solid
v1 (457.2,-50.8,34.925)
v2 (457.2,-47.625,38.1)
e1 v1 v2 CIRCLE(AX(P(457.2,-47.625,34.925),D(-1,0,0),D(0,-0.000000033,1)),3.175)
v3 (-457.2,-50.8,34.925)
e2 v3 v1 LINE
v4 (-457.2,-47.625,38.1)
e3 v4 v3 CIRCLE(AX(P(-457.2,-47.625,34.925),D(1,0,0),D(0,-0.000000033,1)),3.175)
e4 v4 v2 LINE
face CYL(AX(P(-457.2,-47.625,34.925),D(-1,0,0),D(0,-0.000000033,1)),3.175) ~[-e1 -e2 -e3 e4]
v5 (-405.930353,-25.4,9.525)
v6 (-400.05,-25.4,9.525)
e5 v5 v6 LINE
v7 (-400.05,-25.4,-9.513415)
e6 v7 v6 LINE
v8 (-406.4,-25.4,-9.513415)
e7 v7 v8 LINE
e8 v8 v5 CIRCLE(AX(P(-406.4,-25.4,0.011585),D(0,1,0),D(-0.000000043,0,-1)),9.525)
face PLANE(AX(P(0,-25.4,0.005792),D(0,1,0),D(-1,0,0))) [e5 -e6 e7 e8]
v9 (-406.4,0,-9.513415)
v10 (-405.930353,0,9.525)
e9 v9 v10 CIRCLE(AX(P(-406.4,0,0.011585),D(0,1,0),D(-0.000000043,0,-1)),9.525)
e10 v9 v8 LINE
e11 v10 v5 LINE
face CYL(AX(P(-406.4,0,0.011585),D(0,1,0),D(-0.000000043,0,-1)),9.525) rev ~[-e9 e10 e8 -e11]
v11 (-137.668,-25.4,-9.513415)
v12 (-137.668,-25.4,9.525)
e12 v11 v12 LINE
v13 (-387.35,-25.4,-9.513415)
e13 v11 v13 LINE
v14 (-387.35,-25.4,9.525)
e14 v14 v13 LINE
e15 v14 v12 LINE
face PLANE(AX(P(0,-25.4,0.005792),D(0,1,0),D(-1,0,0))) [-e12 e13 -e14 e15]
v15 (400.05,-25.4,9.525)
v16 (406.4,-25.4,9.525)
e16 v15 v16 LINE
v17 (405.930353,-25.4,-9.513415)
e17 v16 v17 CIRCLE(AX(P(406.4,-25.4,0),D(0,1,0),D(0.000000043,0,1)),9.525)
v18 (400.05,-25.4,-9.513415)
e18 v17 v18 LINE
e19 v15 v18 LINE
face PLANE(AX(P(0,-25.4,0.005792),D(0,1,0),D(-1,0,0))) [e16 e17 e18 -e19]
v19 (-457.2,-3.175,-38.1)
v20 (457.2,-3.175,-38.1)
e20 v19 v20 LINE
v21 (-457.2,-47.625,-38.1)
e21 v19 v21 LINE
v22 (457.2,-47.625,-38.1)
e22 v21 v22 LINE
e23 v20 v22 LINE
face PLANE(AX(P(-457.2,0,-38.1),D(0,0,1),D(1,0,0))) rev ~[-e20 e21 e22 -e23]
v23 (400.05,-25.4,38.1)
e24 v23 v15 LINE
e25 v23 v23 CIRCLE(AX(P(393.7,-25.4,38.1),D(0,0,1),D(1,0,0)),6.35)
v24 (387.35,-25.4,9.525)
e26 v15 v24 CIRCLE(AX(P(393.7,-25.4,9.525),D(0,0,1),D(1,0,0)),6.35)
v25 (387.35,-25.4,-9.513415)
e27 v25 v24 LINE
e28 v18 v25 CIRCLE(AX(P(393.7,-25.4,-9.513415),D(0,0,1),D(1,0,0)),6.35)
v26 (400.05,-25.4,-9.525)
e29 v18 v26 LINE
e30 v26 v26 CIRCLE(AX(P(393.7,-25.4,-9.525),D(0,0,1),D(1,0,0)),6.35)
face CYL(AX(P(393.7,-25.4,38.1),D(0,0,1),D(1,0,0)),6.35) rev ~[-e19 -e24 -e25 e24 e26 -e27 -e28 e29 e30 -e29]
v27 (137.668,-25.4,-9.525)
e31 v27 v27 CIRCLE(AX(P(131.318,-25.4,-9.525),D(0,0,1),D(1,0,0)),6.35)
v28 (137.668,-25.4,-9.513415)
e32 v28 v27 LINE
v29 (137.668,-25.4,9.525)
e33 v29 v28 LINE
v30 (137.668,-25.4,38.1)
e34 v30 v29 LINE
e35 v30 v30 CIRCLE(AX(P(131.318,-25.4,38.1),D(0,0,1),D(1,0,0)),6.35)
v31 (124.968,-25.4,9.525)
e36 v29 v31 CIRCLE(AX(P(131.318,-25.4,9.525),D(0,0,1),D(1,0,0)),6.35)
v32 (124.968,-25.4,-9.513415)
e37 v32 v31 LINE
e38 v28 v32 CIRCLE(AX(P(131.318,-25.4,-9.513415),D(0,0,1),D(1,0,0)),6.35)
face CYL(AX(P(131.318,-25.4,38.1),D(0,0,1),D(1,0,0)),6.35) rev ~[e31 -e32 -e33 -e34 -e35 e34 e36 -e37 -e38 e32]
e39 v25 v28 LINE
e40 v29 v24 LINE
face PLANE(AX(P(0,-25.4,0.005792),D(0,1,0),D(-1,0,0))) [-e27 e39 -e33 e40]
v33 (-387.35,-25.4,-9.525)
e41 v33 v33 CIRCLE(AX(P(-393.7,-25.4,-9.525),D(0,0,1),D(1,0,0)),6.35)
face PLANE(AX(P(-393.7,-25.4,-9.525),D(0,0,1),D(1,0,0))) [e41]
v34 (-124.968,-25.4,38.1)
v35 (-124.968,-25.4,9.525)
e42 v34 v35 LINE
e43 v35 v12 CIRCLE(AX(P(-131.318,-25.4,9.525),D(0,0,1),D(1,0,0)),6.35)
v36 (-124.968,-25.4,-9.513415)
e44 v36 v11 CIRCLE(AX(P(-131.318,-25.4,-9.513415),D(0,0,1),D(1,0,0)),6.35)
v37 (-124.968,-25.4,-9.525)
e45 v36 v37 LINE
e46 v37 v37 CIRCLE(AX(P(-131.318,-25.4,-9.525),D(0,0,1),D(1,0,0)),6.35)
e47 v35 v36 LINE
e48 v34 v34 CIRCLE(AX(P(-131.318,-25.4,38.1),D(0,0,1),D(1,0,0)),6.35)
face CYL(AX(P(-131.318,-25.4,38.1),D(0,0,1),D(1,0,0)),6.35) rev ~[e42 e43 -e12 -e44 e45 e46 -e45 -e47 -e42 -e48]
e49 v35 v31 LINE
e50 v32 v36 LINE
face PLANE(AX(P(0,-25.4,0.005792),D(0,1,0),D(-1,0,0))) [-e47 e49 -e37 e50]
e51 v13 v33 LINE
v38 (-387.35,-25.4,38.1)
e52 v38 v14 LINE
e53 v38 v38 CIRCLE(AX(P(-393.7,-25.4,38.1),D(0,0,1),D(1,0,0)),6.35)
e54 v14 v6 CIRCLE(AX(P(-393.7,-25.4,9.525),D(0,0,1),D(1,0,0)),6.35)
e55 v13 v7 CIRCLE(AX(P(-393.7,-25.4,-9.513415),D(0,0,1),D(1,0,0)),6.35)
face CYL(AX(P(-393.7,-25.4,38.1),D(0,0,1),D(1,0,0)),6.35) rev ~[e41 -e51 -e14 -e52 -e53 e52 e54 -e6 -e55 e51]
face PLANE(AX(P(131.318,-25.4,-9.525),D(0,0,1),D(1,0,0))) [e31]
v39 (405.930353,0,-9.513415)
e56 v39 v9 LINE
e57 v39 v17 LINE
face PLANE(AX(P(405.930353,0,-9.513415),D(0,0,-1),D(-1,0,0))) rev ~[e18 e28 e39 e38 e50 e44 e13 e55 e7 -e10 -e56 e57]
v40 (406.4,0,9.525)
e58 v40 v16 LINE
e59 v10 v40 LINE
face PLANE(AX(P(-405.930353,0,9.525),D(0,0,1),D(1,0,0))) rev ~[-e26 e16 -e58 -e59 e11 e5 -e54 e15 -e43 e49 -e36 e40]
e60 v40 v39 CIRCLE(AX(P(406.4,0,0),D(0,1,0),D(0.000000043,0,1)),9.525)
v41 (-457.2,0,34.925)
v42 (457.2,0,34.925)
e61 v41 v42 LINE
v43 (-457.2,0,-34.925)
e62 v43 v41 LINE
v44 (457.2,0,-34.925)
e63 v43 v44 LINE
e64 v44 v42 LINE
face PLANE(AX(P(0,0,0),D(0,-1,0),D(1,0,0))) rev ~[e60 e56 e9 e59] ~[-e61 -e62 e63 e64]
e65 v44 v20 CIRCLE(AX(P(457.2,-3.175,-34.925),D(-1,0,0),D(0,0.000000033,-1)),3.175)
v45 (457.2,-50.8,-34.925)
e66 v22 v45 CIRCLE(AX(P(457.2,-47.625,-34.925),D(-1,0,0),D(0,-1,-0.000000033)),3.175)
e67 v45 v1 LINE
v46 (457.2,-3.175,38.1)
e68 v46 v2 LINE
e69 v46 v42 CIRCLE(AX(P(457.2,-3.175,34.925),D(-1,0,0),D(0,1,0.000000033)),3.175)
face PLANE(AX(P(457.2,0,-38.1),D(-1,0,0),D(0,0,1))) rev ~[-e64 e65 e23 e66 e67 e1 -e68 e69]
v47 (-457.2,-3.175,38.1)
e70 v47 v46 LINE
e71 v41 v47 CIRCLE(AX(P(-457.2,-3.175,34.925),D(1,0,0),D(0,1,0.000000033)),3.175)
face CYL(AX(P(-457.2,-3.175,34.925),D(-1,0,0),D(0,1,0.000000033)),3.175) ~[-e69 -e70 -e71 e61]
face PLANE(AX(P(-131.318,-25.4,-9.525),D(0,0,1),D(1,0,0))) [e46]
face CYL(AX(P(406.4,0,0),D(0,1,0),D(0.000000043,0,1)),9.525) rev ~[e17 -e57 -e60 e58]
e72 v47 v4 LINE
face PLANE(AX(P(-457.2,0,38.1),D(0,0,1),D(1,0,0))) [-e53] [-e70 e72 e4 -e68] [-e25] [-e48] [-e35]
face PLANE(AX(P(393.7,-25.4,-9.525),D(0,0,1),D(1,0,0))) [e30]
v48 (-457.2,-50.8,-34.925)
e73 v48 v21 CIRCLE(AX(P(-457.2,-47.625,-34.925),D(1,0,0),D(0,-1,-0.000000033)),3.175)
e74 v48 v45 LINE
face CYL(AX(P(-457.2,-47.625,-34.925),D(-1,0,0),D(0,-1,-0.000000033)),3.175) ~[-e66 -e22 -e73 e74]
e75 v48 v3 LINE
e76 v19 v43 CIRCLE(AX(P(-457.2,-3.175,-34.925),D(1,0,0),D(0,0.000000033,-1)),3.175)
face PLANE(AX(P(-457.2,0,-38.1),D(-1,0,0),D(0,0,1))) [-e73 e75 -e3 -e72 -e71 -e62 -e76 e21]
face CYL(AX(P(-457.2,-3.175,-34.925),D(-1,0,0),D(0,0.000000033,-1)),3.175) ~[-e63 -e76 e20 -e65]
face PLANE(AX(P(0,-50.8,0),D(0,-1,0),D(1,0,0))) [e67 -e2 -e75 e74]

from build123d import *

# Parameters (mm, degrees)
F0_W     = 914.4
F0_H     = 76.2
F1_DEPTH = 50.8
F2_R     = 6.35
F3_DEPTH = 47.625
F5_DEPTH = 25.4
F7_DEPTH = 914.401


with BuildPart() as f1:
    # F0 (on Front) → F1 (new body)
    with BuildSketch(Plane.XZ):
        Rectangle(F0_W, F0_H)
    extrude(amount=F1_DEPTH)

    # F2 (on face) → F3 (cut)
    with BuildSketch(Plane.XY.offset(38.1)):
        with Locations((-393.7, -25.4)):
            Circle(F2_R)
        with Locations((393.7, -25.4)):
            Circle(F2_R)
        with Locations((-131.318, -25.4)):
            Circle(F2_R)
        with Locations((131.318, -25.4)):
            Circle(F2_R)
    extrude(amount=-F3_DEPTH, mode=Mode.SUBTRACT)

    # F4 (on face) → F5 (cut)
    with BuildSketch(Plane(origin=(0, 0, 0), x_dir=(-1, 0, 0), z_dir=(0, 1, 0))):
        with BuildLine():
            Line((405.930353, 9.525), (-406.4, 9.525))
            ThreePointArc((-406.4, 9.525), (-415.922103, -0.234895), (-405.930353, -9.513415))
            Line((-405.930353, -9.513415), (406.4, -9.513415))
            ThreePointArc((406.4, -9.513415), (415.922103, 0.24648), (405.930353, 9.525))
        make_face()
    extrude(amount=-F5_DEPTH, mode=Mode.SUBTRACT)

    # F6 (on face) → F7 (cut, through all)
    with BuildSketch(Plane(origin=(-457.2, 0, 0), x_dir=(0, -1, 0), z_dir=(-1, 0, 0))):
        with BuildLine():
            ThreePointArc((0, 34.925), (0.929936, 37.170064), (3.175, 38.1))
            Line((3.175, 38.1), (0, 38.1))
            Line((0, 38.1), (0, 34.925))
        make_face()
        with BuildLine():
            ThreePointArc((47.625, 38.1), (49.870064, 37.170064), (50.8, 34.925))
            Line((50.8, 34.925), (50.8, 38.1))
            Line((50.8, 38.1), (47.625, 38.1))
        make_face()
        with BuildLine():
            ThreePointArc((3.175, -38.1), (0.929936, -37.170064), (0, -34.925))
            Line((0, -34.925), (0, -38.1))
            Line((0, -38.1), (3.175, -38.1))
        make_face()
        with BuildLine():
            ThreePointArc((50.8, -34.925), (49.870064, -37.170064), (47.625, -38.1))
            Line((47.625, -38.1), (50.8, -38.1))
            Line((50.8, -38.1), (50.8, -34.925))
        make_face()
    extrude(amount=-F7_DEPTH, mode=Mode.SUBTRACT)


solid = f1.part
